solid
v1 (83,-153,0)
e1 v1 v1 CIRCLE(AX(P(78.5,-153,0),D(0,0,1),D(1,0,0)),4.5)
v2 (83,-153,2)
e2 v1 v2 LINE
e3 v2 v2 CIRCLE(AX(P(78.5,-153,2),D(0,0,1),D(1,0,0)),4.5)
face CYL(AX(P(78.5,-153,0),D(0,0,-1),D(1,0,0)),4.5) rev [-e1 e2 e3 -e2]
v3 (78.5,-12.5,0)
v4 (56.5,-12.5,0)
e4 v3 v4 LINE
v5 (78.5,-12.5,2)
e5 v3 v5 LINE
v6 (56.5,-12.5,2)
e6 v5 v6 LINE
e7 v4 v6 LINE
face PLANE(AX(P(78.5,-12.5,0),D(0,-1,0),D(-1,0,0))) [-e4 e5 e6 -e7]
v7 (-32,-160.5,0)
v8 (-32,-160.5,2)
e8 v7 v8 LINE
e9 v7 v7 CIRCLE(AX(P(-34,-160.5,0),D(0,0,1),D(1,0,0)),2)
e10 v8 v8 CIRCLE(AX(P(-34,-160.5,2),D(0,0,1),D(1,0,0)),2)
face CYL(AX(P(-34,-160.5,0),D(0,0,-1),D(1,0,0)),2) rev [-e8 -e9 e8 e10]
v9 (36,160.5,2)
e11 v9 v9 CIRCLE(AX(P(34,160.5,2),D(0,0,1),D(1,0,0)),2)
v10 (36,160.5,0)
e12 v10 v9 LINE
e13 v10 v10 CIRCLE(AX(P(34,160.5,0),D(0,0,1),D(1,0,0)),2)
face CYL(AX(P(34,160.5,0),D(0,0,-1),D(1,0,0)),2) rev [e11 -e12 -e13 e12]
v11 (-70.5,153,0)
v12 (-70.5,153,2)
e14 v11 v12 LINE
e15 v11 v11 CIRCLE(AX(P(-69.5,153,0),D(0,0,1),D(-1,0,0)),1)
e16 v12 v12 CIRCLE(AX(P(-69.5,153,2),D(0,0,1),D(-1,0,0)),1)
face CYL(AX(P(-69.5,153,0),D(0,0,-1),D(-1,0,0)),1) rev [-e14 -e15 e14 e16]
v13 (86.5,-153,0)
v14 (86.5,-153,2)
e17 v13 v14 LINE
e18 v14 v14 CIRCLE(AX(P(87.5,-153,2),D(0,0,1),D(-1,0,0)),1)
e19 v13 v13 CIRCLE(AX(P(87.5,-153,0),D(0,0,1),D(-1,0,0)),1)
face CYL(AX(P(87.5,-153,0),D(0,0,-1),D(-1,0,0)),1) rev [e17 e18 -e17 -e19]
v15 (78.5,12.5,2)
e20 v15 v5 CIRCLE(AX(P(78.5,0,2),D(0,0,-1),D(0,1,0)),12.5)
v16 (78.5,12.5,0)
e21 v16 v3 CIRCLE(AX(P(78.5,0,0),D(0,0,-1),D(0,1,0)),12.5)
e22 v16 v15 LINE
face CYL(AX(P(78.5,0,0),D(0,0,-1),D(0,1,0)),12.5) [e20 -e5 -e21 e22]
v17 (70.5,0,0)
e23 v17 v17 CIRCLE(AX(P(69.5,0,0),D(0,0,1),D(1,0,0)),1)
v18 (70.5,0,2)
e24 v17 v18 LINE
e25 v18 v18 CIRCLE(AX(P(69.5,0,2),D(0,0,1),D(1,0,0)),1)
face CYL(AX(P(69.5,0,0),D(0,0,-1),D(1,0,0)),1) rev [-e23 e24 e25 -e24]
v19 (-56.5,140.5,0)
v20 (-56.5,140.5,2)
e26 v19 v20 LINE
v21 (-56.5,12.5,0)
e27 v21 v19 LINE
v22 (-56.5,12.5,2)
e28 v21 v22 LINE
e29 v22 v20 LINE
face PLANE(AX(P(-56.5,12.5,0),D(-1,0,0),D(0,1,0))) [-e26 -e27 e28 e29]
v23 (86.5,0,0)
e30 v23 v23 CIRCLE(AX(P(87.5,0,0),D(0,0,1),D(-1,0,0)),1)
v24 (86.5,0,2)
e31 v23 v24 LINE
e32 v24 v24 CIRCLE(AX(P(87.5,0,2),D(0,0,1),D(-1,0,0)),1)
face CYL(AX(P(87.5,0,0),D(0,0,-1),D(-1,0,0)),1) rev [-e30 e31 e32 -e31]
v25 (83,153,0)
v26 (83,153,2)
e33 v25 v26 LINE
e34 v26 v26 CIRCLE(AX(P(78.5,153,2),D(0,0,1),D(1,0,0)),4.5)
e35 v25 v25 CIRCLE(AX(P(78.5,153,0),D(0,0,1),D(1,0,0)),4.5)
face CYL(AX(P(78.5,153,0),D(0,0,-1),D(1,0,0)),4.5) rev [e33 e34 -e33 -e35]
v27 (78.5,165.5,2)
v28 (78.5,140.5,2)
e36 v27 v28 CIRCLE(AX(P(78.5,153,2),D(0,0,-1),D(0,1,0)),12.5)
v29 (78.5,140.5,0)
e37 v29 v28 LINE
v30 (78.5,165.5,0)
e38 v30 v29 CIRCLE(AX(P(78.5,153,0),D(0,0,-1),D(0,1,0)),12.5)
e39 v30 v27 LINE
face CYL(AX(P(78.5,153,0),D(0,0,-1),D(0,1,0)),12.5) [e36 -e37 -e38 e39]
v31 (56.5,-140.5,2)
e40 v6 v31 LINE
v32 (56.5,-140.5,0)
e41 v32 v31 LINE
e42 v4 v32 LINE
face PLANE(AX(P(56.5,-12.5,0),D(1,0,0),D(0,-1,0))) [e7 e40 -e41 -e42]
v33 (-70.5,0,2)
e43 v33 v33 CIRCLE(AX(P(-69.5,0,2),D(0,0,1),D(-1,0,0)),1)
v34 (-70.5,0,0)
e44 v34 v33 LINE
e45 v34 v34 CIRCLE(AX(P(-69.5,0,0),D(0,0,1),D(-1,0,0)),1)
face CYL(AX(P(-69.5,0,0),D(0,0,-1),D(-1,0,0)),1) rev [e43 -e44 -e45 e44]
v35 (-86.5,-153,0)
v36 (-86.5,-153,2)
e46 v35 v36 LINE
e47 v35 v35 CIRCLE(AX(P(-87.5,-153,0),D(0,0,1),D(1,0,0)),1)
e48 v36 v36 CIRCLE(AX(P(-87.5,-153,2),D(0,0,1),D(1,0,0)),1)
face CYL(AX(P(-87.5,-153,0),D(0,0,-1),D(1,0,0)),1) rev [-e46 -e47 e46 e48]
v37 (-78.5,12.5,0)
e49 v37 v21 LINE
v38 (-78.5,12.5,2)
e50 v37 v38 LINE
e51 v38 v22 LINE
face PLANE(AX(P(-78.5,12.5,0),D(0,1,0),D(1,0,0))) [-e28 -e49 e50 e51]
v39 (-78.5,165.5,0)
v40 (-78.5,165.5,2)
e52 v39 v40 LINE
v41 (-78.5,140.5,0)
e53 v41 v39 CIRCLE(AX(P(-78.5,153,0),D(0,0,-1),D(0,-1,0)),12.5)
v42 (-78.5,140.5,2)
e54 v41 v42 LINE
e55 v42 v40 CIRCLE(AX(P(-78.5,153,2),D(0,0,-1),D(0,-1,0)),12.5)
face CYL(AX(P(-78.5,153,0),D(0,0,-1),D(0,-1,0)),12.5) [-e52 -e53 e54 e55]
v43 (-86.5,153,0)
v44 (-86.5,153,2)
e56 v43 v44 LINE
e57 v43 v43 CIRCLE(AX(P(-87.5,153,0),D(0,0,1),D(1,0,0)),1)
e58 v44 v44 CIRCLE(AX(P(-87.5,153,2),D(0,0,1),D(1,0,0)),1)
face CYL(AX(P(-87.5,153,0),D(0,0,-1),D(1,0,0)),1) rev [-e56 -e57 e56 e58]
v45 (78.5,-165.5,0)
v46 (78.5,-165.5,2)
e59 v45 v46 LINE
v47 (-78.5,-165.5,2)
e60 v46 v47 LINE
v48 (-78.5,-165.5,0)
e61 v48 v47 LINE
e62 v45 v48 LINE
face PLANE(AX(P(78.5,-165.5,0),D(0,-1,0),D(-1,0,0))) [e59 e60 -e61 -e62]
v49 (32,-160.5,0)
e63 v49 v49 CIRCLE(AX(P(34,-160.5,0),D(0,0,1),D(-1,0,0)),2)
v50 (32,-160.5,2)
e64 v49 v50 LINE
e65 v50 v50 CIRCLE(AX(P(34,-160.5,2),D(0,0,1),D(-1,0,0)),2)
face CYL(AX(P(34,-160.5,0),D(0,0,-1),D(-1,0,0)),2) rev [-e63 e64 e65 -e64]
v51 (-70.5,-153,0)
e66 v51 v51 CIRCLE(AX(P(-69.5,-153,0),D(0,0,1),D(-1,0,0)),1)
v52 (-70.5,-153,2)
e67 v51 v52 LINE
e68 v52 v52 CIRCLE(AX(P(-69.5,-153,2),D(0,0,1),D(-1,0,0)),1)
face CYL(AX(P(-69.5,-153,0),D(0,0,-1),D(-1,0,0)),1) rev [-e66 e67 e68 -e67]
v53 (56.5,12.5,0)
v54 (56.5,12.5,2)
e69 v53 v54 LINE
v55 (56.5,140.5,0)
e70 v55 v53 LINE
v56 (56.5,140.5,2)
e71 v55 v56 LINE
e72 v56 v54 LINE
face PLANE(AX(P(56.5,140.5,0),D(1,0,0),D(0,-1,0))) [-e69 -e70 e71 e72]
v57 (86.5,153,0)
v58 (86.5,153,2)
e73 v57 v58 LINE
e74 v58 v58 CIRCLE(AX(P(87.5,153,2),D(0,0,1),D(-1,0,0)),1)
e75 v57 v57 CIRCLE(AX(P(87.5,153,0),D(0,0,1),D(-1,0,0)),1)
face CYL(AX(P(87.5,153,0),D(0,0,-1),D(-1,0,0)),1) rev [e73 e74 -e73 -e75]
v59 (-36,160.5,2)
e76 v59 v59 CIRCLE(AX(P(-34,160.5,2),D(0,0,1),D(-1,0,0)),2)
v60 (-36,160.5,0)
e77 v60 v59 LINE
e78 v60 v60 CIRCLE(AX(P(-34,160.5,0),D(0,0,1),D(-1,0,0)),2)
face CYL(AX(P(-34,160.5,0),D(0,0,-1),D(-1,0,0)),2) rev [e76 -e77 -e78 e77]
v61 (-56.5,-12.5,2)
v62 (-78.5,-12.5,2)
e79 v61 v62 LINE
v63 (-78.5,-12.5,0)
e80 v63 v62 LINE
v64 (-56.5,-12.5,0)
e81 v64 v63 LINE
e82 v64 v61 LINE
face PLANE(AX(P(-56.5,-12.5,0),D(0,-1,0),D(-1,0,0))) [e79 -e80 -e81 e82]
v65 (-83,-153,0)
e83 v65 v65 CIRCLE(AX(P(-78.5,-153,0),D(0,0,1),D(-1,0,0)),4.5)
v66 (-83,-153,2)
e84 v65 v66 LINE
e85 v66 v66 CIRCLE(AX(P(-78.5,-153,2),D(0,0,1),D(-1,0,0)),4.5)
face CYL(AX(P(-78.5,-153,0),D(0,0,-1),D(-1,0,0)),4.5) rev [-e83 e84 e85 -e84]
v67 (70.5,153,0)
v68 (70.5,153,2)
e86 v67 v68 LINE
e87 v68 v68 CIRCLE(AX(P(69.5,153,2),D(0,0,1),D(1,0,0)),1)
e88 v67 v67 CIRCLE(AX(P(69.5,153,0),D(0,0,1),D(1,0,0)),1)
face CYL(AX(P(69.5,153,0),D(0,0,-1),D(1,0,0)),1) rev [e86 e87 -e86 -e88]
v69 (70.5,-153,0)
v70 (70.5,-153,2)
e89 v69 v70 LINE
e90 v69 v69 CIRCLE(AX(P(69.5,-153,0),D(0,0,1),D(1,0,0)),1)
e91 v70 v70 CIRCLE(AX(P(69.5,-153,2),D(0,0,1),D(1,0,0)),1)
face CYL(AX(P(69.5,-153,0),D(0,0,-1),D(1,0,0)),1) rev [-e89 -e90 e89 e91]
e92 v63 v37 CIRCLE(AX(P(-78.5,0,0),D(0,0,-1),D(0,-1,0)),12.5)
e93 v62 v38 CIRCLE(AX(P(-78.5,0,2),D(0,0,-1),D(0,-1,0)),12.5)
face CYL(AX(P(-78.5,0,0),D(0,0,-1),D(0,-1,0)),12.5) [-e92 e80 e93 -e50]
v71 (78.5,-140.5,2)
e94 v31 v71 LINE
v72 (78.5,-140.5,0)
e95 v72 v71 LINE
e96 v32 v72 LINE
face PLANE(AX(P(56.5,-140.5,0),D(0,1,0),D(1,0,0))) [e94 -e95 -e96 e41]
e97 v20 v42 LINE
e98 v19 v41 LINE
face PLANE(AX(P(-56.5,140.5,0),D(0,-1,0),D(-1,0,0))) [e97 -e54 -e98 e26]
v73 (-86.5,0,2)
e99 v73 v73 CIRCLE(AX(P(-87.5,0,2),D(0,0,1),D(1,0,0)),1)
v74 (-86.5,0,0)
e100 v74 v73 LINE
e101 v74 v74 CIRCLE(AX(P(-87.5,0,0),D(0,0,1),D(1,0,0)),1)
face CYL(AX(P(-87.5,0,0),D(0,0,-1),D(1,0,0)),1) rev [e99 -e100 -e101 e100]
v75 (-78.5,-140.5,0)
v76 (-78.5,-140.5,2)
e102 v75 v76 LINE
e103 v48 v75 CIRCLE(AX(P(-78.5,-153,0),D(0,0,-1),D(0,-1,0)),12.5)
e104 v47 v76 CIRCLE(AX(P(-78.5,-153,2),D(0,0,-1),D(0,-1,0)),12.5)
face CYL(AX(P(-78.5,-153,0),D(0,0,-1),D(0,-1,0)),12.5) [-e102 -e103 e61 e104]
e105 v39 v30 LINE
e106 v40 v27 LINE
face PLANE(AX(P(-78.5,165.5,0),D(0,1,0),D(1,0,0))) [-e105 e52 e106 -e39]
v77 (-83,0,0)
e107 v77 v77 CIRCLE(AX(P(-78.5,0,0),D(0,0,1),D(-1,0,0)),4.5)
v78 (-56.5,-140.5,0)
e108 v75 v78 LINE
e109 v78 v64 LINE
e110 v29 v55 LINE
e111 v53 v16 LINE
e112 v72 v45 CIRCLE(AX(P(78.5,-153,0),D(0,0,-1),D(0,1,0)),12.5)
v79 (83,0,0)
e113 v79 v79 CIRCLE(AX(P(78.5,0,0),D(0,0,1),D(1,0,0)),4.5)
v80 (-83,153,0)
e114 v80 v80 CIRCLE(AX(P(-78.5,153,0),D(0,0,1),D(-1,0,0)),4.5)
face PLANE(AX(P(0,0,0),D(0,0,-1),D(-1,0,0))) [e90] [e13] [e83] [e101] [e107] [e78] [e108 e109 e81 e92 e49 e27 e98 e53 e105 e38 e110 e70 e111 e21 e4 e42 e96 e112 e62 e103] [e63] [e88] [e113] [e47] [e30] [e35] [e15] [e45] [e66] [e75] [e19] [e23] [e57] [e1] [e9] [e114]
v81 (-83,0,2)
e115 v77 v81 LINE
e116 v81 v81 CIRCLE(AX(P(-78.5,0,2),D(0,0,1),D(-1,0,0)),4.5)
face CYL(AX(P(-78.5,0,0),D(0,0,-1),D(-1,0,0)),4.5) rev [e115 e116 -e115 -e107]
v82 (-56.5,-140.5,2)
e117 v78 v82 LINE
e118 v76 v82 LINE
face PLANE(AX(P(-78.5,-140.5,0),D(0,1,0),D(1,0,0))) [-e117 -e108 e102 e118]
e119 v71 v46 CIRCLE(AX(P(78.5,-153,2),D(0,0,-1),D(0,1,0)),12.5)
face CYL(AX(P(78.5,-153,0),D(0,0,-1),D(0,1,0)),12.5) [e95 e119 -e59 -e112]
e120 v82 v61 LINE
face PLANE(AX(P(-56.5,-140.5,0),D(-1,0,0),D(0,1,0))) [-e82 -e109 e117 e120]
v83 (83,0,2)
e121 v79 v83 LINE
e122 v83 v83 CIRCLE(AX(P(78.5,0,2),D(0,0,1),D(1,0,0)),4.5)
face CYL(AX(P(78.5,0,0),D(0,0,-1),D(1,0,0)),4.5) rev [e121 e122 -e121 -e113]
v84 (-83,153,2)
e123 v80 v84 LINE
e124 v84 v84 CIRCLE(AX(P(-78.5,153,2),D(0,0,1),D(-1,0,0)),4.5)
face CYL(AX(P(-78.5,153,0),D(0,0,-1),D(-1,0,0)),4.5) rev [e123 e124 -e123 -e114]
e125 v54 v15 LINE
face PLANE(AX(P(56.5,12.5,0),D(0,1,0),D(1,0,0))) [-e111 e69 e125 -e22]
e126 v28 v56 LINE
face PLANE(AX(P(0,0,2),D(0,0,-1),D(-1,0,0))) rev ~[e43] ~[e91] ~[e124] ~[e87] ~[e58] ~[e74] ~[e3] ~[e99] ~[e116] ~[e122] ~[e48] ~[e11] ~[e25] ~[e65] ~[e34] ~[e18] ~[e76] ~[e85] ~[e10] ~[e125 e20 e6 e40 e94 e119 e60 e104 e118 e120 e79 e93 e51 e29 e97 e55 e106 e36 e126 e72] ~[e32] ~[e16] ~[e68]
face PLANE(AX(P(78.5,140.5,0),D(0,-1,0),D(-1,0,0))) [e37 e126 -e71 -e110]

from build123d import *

# Parameters (mm, degrees)
ESQUISSE1_R        = 4.5
ESQUISSE1_R_2      = 2
ESQUISSE1_R_3      = 1
BOSS_EXTRU_1_DEPTH = 2


with BuildPart() as part:
    # Esquisse1 → Boss.-Extru.1 (new body)
    with BuildSketch(Plane.XY):
        with BuildLine():
            Line((-78.5, 165.5), (78.5, 165.5))
            ThreePointArc((78.5, 165.5), (91, 153), (78.5, 140.5))
            Line((78.5, 140.5), (56.5, 140.5))
            Line((56.5, 140.5), (56.5, 12.5))
            Line((56.5, 12.5), (78.5, 12.5))
            ThreePointArc((78.5, 12.5), (91, 0), (78.5, -12.5))
            Line((78.5, -12.5), (56.5, -12.5))
            Line((56.5, -12.5), (56.5, -140.5))
            Line((56.5, -140.5), (78.5, -140.5))
            ThreePointArc((78.5, -140.5), (91, -153), (78.5, -165.5))
            Line((78.5, -165.5), (-78.5, -165.5))
            ThreePointArc((-78.5, -165.5), (-91, -153), (-78.5, -140.5))
            Line((-78.5, -140.5), (-56.5, -140.5))
            Line((-56.5, -140.5), (-56.5, -12.5))
            Line((-56.5, -12.5), (-78.5, -12.5))
            ThreePointArc((-78.5, -12.5), (-91, 0), (-78.5, 12.5))
            Line((-78.5, 12.5), (-56.5, 12.5))
            Line((-56.5, 12.5), (-56.5, 140.5))
            Line((-56.5, 140.5), (-78.5, 140.5))
            ThreePointArc((-78.5, 140.5), (-91, 153), (-78.5, 165.5))
        make_face()
        with Locations((78.5, 153)):
            Circle(ESQUISSE1_R, mode=Mode.SUBTRACT)
        with Locations((78.5, 0)):
            Circle(ESQUISSE1_R, mode=Mode.SUBTRACT)
        with Locations((78.5, -153)):
            Circle(ESQUISSE1_R, mode=Mode.SUBTRACT)
        with Locations((34, 160.5)):
            Circle(ESQUISSE1_R_2, mode=Mode.SUBTRACT)
        with Locations((69.5, 153)):
            Circle(ESQUISSE1_R_3, mode=Mode.SUBTRACT)
        with Locations(Location((87.5, 153, 0), (0, 0, 180))):
            Circle(ESQUISSE1_R_3, mode=Mode.SUBTRACT)
        with Locations((69.5, 0)):
            Circle(ESQUISSE1_R_3, mode=Mode.SUBTRACT)
        with Locations((69.5, -153)):
            Circle(ESQUISSE1_R_3, mode=Mode.SUBTRACT)
        with Locations(Location((87.5, 0, 0), (0, 0, 180))):
            Circle(ESQUISSE1_R_3, mode=Mode.SUBTRACT)
        with Locations(Location((87.5, -153, 0), (0, 0, 180))):
            Circle(ESQUISSE1_R_3, mode=Mode.SUBTRACT)
        with Locations(Location((34, -160.5, 0), (0, 0, 180))):
            Circle(ESQUISSE1_R_2, mode=Mode.SUBTRACT)
        with Locations(Location((-78.5, 153, 0), (0, 0, 180))):
            Circle(ESQUISSE1_R, mode=Mode.SUBTRACT)
        with Locations((-87.5, 153)):
            Circle(ESQUISSE1_R_3, mode=Mode.SUBTRACT)
        with Locations(Location((-69.5, 153, 0), (0, 0, 180))):
            Circle(ESQUISSE1_R_3, mode=Mode.SUBTRACT)
        with Locations(Location((-34, 160.5, 0), (0, 0, 180))):
            Circle(ESQUISSE1_R_2, mode=Mode.SUBTRACT)
        with Locations((-87.5, 0)):
            Circle(ESQUISSE1_R_3, mode=Mode.SUBTRACT)
        with Locations(Location((-78.5, 0, 0), (0, 0, 180))):
            Circle(ESQUISSE1_R, mode=Mode.SUBTRACT)
        with Locations(Location((-69.5, 0, 0), (0, 0, 180))):
            Circle(ESQUISSE1_R_3, mode=Mode.SUBTRACT)
        with Locations((-87.5, -153)):
            Circle(ESQUISSE1_R_3, mode=Mode.SUBTRACT)
        with Locations(Location((-69.5, -153, 0), (0, 0, 180))):
            Circle(ESQUISSE1_R_3, mode=Mode.SUBTRACT)
        with Locations(Location((-78.5, -153, 0), (0, 0, 180))):
            Circle(ESQUISSE1_R, mode=Mode.SUBTRACT)
        with Locations((-34, -160.5)):
            Circle(ESQUISSE1_R_2, mode=Mode.SUBTRACT)
    extrude(amount=BOSS_EXTRU_1_DEPTH)


solid = part.part
